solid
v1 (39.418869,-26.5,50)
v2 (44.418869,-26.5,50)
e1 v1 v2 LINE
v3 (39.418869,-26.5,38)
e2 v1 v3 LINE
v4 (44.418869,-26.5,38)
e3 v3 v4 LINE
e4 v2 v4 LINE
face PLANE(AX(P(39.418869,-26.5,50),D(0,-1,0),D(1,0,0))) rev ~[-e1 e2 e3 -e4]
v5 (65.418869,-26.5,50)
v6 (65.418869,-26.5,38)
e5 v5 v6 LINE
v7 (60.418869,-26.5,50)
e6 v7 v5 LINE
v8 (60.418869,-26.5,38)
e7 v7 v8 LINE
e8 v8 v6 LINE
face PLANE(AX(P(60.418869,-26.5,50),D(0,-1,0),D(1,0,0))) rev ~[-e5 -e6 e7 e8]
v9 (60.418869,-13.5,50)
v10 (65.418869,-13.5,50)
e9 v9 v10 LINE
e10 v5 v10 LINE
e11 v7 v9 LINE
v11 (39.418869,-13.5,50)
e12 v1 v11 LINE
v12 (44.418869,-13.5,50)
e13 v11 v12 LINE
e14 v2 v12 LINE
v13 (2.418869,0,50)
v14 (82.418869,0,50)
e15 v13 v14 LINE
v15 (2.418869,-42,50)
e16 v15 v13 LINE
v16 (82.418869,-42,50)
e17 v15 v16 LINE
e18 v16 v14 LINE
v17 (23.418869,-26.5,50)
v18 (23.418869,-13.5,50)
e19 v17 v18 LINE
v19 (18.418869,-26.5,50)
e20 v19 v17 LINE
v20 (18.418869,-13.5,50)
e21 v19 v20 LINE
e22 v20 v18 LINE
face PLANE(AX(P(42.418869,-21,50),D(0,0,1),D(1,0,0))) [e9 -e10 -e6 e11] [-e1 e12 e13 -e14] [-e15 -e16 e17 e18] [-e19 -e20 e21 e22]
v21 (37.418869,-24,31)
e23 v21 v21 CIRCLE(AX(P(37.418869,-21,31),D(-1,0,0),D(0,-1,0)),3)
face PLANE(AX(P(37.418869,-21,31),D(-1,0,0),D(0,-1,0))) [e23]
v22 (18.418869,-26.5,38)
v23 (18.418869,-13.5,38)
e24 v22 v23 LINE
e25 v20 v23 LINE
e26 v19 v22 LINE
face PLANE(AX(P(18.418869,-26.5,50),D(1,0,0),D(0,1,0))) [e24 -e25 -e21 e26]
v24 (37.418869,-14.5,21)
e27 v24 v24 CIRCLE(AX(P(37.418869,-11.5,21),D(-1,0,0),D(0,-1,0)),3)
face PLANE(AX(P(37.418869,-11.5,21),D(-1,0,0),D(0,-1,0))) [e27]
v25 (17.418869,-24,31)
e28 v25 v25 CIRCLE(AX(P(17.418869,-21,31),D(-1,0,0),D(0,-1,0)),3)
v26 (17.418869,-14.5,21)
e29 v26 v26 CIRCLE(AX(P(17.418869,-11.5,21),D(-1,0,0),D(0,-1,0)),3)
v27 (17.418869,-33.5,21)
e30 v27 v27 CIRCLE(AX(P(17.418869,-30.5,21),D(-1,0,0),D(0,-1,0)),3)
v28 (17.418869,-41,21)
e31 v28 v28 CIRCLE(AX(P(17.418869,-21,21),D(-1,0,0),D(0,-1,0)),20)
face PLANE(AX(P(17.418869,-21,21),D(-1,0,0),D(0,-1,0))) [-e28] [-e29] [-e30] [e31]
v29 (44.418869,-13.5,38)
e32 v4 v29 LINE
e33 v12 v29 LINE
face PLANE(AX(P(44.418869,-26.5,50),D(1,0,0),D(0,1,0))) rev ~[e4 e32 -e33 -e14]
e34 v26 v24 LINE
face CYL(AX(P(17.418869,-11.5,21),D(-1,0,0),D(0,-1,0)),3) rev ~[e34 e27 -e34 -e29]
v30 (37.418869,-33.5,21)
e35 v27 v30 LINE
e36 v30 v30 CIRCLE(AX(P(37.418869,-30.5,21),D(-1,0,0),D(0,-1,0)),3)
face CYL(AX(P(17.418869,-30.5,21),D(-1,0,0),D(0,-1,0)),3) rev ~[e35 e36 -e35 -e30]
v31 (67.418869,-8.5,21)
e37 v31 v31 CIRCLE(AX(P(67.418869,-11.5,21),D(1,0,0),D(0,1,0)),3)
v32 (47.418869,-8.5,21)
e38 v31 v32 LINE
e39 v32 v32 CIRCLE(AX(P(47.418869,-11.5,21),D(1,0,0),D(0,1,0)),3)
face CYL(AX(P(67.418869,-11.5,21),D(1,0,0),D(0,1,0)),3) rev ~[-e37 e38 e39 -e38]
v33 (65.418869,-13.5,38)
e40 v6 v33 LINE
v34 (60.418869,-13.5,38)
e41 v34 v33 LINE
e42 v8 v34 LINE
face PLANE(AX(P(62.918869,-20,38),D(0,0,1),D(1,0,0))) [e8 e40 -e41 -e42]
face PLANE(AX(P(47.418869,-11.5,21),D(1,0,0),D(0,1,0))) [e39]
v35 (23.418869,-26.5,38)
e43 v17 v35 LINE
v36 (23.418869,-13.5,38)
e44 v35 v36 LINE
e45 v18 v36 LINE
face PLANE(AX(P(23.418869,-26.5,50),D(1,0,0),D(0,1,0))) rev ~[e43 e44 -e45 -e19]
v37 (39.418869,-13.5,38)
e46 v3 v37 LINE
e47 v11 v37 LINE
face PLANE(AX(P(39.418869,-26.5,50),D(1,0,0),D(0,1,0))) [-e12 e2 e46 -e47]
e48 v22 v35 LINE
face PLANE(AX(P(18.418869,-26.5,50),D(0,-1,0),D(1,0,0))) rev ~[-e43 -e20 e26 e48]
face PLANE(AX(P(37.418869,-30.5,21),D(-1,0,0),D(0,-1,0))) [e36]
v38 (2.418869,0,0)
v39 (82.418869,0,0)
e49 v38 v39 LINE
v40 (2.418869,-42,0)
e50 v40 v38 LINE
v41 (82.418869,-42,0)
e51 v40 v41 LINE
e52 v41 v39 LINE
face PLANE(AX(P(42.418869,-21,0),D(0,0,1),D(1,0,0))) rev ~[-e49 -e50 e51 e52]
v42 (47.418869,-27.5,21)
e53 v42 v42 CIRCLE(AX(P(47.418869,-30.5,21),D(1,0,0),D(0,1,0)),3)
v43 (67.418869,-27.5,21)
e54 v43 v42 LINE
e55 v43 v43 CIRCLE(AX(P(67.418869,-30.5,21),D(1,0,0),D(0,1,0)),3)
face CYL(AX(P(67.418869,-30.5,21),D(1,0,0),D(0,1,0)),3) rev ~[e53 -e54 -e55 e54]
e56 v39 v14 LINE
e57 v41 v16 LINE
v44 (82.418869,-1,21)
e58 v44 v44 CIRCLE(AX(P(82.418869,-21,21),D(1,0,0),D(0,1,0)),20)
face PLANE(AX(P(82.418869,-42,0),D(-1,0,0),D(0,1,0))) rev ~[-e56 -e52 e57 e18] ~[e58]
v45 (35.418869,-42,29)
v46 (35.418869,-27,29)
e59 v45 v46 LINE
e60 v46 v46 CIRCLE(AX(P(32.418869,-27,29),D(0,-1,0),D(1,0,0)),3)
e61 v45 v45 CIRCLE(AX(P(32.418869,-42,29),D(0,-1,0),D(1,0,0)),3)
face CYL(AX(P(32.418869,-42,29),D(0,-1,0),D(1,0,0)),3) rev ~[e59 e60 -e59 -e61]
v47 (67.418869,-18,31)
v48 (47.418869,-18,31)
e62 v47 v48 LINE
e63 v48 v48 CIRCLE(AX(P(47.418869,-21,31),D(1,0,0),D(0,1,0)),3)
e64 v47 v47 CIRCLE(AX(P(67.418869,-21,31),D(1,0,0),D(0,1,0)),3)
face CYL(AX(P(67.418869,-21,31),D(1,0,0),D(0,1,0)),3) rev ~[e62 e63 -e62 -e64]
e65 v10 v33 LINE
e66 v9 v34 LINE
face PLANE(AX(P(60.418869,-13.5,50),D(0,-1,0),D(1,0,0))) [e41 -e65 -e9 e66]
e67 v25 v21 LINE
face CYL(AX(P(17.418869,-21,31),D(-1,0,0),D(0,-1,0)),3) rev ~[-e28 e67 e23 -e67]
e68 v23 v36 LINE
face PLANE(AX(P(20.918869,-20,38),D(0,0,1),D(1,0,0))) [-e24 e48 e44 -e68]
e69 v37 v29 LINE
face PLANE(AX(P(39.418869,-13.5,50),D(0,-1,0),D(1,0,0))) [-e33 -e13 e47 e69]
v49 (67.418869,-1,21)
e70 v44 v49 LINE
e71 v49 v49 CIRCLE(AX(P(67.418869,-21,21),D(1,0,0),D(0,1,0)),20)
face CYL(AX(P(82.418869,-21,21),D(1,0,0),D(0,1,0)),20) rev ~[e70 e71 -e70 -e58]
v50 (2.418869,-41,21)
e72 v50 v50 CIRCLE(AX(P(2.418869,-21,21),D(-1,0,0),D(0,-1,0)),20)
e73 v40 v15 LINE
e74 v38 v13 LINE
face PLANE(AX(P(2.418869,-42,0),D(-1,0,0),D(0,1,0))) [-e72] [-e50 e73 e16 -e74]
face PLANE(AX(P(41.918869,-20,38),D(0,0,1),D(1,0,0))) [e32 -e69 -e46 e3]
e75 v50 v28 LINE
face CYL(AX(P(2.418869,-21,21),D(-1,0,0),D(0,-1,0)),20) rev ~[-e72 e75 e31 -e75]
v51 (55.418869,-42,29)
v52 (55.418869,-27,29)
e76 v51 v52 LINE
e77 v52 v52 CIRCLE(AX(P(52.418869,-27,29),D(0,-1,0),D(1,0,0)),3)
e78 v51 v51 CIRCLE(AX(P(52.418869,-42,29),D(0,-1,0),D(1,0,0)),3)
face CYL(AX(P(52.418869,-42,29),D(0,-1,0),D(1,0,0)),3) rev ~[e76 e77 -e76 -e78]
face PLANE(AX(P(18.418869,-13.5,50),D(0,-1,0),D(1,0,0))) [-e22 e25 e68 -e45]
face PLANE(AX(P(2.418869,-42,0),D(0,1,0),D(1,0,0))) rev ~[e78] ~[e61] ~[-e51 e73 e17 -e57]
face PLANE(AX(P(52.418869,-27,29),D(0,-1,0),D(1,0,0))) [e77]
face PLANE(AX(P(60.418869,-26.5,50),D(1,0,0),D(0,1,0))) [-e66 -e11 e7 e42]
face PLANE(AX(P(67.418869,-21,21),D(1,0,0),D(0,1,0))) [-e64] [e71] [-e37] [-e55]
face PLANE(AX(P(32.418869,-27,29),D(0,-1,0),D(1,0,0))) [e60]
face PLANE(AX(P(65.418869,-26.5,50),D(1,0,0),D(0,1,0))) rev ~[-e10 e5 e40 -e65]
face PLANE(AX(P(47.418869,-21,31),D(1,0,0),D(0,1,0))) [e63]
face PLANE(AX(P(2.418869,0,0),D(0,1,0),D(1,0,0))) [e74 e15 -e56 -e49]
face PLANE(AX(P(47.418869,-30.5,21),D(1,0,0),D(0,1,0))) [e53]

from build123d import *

# Parameters (mm, degrees)
F0_W      = 80
F0_H      = 42
F1_DEPTH  = 50
F2_W      = 5
F2_H      = 13
F3_DEPTH  = 12
F4_W      = 5
F4_H      = 13
F5_DEPTH  = 12
F6_W      = 5
F6_H      = 13
F7_DEPTH  = 12
F8_R      = 20
F9_DEPTH  = 15
F10_R     = 3
F11_DEPTH = 20
F12_R     = 3
F13_DEPTH = 20
F14_R     = 3
F15_DEPTH = 20
F16_R     = 20
F17_DEPTH = 15
F18_R     = 3
F19_DEPTH = 20
F20_R     = 3
F21_DEPTH = 20
F22_R     = 3
F23_DEPTH = 20
F24_R     = 3
F25_DEPTH = 15
F26_R     = 3
F27_DEPTH = 15


with BuildPart() as f1:
    # F0 (on Top) → F1 (new body)
    with BuildSketch(Plane.XY):
        with Locations((42.418869, -21)):
            Rectangle(F0_W, F0_H)
    extrude(amount=F1_DEPTH)

    # F2 (on face) → F3 (cut)
    with BuildSketch(Plane.XY.offset(50)):
        with Locations((20.918869, -20)):
            Rectangle(F2_W, F2_H)
    extrude(amount=-F3_DEPTH, mode=Mode.SUBTRACT)

    # F4 (on face) → F5 (cut)
    with BuildSketch(Plane.XY.offset(50)):
        with Locations((41.918869, -20)):
            Rectangle(F4_W, F4_H)
    extrude(amount=-F5_DEPTH, mode=Mode.SUBTRACT)

    # F6 (on face) → F7 (cut)
    with BuildSketch(Plane.XY.offset(50)):
        with Locations((62.918869, -20)):
            Rectangle(F6_W, F6_H)
    extrude(amount=-F7_DEPTH, mode=Mode.SUBTRACT)

    # F8 (on face) → F9 (cut)
    with BuildSketch(Plane.YZ.offset(82.418869)):
        with Locations((-21, 21)):
            Circle(F8_R)
    extrude(amount=-F9_DEPTH, mode=Mode.SUBTRACT)

    # F10 (on face) → F11 (cut)
    with BuildSketch(Plane.YZ.offset(67.418869)):
        with Locations((-11.5, 21)):
            Circle(F10_R)
    extrude(amount=-F11_DEPTH, mode=Mode.SUBTRACT)

    # F12 (on face) → F13 (cut)
    with BuildSketch(Plane.YZ.offset(67.418869)):
        with Locations((-30.5, 21)):
            Circle(F12_R)
    extrude(amount=-F13_DEPTH, mode=Mode.SUBTRACT)

    # F14 (on face) → F15 (cut)
    with BuildSketch(Plane.YZ.offset(67.418869)):
        with Locations((-21, 31)):
            Circle(F14_R)
    extrude(amount=-F15_DEPTH, mode=Mode.SUBTRACT)

    # F16 (on face) → F17 (cut)
    with BuildSketch(Plane(origin=(2.418869, 0, 0), x_dir=(0, -1, 0), z_dir=(-1, 0, 0))):
        with Locations((21, 21)):
            Circle(F16_R)
    extrude(amount=-F17_DEPTH, mode=Mode.SUBTRACT)

    # F18 (on face) → F19 (cut)
    with BuildSketch(Plane(origin=(17.418869, 0, 0), x_dir=(0, -1, 0), z_dir=(-1, 0, 0))):
        with Locations((30.5, 21)):
            Circle(F18_R)
    extrude(amount=-F19_DEPTH, mode=Mode.SUBTRACT)

    # F20 (on face) → F21 (cut)
    with BuildSketch(Plane(origin=(17.418869, 0, 0), x_dir=(0, -1, 0), z_dir=(-1, 0, 0))):
        with Locations((11.5, 21)):
            Circle(F20_R)
    extrude(amount=-F21_DEPTH, mode=Mode.SUBTRACT)

    # F22 (on face) → F23 (cut)
    with BuildSketch(Plane(origin=(17.418869, 0, 0), x_dir=(0, -1, 0), z_dir=(-1, 0, 0))):
        with Locations((21, 31)):
            Circle(F22_R)
    extrude(amount=-F23_DEPTH, mode=Mode.SUBTRACT)

    # F24 (on face) → F25 (cut)
    with BuildSketch(Plane.XZ.offset(42)):
        with Locations((32.418869, 29)):
            Circle(F24_R)
    extrude(amount=-F25_DEPTH, mode=Mode.SUBTRACT)

    # F26 (on face) → F27 (cut)
    with BuildSketch(Plane.XZ.offset(42)):
        with Locations((52.418869, 29)):
            Circle(F26_R)
    extrude(amount=-F27_DEPTH, mode=Mode.SUBTRACT)


solid = f1.part
